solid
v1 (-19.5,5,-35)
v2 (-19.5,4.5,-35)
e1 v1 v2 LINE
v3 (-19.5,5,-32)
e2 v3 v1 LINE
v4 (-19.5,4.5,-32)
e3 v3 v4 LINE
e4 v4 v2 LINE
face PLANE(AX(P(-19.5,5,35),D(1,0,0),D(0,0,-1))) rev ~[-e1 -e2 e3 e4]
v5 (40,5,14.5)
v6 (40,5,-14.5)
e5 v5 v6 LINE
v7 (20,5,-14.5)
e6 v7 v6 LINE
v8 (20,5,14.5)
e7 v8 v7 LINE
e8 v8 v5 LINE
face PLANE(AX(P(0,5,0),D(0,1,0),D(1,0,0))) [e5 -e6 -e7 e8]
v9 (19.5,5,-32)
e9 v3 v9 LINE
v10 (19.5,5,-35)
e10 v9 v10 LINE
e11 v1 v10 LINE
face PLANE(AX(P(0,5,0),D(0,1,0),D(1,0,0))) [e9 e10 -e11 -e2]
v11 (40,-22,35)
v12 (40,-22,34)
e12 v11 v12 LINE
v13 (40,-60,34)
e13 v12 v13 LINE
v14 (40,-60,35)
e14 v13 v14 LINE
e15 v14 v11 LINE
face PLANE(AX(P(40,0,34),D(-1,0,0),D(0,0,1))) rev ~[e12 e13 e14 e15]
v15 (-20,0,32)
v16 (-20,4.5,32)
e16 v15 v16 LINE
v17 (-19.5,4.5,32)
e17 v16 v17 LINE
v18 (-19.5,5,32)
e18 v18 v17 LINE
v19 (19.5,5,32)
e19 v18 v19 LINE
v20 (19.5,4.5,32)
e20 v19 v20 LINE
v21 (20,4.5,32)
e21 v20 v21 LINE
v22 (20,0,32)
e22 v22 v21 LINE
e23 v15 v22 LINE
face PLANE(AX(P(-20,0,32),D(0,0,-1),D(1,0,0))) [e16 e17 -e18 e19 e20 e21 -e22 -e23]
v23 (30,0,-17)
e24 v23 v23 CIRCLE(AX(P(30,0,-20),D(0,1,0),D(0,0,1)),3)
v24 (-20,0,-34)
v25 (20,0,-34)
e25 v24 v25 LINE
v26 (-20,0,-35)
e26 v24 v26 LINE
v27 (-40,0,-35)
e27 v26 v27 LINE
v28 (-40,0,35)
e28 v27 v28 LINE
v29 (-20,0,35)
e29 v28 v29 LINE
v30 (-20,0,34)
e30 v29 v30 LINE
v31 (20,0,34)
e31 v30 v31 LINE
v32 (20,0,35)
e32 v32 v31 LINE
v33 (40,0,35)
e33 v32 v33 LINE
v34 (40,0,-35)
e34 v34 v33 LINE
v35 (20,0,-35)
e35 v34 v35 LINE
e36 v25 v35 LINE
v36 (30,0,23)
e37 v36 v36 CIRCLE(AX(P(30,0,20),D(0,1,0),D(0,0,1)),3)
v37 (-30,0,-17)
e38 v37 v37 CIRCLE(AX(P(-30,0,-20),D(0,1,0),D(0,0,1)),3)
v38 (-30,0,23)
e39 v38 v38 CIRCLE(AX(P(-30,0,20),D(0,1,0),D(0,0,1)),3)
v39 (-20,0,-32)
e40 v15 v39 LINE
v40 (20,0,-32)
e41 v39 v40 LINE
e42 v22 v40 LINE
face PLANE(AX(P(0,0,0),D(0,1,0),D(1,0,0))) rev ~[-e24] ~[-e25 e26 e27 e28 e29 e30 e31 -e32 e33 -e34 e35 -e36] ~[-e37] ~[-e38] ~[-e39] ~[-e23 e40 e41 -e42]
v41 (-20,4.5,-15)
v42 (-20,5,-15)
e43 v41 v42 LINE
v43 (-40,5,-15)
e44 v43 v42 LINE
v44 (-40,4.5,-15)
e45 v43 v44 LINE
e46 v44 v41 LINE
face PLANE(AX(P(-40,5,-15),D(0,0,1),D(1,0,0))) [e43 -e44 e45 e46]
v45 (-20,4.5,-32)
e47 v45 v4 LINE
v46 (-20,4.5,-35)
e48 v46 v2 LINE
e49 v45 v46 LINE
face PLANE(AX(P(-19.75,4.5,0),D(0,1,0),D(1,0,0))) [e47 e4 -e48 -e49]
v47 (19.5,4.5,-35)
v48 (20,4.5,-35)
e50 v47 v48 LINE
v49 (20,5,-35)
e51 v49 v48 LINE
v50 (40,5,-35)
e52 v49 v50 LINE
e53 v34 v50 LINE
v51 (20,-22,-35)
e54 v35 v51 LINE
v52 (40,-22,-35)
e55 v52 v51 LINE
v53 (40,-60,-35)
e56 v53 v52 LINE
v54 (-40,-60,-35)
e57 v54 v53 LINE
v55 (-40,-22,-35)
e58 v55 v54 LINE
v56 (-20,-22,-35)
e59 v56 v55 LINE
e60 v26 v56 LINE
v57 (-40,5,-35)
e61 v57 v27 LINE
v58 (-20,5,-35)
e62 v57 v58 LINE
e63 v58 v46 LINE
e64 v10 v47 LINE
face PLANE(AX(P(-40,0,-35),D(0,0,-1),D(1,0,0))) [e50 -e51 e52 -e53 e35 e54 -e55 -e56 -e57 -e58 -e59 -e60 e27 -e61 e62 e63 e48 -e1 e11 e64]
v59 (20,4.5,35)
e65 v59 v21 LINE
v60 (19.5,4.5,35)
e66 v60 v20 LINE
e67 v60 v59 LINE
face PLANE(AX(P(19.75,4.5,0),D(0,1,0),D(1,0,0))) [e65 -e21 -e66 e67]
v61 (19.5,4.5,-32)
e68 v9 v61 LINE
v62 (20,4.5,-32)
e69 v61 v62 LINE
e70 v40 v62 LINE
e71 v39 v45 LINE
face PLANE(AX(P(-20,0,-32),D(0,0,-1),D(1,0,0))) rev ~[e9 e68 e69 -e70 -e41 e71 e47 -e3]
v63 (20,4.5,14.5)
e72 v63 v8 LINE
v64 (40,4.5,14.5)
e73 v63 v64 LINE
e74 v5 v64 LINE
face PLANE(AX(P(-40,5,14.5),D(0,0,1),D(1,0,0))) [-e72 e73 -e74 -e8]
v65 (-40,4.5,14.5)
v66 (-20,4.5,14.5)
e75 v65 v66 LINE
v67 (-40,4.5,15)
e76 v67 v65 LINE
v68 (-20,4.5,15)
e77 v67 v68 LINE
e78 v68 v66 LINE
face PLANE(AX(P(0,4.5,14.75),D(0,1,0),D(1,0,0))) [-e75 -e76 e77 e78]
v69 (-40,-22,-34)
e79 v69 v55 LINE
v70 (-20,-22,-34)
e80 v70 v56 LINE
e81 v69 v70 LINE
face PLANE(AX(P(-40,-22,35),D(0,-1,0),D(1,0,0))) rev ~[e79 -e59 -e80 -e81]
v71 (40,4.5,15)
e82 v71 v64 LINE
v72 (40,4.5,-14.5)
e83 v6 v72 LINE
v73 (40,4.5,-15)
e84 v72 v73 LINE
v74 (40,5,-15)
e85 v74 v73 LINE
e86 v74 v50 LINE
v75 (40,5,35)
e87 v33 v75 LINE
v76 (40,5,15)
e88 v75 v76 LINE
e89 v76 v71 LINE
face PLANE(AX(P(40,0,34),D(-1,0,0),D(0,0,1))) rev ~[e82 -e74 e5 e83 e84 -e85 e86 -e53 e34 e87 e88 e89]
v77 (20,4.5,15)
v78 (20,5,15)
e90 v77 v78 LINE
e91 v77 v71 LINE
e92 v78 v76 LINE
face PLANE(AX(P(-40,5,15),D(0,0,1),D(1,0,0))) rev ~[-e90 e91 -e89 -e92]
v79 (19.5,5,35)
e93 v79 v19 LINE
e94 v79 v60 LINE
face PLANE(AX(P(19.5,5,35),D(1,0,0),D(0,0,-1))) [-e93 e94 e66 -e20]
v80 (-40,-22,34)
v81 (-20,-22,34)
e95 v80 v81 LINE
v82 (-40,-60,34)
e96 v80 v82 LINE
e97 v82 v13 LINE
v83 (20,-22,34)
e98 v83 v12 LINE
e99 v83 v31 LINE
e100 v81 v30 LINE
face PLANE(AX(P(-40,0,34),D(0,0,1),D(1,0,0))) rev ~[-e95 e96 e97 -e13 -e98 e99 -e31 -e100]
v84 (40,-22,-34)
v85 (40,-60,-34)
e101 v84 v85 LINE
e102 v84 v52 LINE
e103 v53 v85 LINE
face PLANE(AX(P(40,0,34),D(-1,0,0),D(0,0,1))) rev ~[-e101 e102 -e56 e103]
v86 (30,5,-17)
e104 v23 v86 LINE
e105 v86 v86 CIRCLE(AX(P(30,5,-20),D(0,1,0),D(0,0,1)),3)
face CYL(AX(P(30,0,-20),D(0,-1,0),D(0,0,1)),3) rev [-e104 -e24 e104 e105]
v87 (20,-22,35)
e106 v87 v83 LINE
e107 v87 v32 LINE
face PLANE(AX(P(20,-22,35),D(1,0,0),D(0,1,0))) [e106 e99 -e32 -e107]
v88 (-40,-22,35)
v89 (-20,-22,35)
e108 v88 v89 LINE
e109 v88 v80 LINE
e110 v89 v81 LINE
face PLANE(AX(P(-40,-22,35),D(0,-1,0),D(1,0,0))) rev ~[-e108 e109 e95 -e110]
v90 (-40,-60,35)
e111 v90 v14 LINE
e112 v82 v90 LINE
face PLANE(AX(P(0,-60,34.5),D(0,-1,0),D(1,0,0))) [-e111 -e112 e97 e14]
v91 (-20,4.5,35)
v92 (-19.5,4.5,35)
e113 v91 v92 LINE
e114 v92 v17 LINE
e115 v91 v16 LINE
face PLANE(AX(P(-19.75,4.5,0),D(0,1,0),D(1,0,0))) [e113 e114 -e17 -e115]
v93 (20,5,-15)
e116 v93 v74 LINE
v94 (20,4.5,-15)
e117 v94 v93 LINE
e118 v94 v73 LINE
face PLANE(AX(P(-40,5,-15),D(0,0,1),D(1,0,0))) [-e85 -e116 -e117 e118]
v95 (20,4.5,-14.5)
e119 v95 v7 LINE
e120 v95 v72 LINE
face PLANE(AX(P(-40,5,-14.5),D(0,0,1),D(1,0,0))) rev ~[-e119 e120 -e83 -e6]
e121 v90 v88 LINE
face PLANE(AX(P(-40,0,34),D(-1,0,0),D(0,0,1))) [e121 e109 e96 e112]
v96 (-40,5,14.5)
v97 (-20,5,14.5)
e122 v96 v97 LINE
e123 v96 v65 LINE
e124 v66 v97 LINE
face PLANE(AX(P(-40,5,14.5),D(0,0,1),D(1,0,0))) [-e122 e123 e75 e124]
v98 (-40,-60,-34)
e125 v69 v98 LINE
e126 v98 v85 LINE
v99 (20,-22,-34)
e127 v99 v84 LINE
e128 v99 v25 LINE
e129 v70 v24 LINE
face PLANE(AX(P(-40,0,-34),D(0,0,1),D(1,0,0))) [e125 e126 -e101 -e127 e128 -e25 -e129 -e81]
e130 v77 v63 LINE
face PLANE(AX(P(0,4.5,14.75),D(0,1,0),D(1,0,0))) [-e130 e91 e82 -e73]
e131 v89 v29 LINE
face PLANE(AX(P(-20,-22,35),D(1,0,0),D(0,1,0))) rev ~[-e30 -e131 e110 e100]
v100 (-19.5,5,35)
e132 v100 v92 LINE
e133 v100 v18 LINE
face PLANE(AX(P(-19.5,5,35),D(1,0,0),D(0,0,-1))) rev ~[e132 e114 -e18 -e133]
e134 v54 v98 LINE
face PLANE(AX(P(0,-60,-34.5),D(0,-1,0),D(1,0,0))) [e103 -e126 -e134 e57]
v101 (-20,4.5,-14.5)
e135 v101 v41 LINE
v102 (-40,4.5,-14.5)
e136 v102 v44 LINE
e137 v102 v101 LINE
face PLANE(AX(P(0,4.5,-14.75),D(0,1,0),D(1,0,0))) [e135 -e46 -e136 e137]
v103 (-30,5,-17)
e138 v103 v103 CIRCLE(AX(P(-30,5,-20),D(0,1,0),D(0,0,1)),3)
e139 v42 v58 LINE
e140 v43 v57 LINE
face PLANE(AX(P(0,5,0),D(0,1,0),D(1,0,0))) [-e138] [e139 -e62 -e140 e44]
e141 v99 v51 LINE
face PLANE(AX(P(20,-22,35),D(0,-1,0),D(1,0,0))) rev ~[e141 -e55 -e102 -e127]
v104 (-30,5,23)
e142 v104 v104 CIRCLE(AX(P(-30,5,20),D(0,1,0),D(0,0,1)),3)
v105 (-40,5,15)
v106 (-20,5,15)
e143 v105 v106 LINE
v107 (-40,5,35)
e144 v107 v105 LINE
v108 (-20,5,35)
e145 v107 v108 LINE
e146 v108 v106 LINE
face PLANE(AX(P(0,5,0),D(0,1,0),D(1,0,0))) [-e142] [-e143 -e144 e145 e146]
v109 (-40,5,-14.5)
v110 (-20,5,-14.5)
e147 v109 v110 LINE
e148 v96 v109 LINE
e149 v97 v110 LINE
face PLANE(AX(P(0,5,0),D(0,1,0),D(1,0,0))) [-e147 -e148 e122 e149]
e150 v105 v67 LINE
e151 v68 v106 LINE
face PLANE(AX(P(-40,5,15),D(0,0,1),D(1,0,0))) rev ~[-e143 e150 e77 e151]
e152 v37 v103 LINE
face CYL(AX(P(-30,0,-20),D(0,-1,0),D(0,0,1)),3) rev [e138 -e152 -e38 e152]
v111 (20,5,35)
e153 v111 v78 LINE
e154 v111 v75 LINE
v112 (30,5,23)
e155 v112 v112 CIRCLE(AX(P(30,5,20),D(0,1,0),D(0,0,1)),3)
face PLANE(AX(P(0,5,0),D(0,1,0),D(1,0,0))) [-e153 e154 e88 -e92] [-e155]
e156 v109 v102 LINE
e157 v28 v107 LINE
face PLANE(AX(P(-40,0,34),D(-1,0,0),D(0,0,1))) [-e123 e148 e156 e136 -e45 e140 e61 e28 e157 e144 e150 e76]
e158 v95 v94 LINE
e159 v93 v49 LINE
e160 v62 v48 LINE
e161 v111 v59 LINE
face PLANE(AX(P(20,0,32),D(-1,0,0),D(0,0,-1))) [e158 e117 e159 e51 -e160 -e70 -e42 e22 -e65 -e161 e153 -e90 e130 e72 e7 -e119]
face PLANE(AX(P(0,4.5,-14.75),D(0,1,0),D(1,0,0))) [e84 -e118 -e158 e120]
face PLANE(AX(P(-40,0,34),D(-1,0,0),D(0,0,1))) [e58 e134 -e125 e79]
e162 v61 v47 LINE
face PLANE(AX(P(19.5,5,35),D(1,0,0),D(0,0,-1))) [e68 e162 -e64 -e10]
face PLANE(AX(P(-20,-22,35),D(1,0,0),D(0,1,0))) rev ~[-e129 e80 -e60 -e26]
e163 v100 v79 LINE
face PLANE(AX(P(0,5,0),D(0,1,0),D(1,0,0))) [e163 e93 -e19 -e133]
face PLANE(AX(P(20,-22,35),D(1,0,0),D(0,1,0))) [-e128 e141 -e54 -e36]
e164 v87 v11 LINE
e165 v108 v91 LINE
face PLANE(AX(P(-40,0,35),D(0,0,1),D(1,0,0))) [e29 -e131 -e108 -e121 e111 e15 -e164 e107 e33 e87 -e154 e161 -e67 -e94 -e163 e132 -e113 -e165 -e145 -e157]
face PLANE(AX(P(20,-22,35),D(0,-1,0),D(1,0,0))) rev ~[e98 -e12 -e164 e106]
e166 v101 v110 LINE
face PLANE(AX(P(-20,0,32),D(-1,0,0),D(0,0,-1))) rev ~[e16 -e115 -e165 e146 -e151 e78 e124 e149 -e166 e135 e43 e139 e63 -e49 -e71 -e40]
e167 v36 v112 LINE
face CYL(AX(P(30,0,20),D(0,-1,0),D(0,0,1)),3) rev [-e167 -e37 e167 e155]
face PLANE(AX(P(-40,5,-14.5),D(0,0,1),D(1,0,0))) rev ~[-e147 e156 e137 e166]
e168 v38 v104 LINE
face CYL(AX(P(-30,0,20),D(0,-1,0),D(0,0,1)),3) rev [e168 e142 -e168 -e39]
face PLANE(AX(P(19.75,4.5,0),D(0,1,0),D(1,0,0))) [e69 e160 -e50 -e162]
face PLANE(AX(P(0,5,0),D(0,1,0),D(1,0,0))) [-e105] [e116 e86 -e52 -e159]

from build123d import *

# Parameters (mm, degrees)
SKETCH_1_W          = 80
SKETCH_1_H          = 70
SKETCH_1_R          = 3
SKETCH_1_W_2        = 40
SKETCH_1_H_2        = 64
EXTRUDE_1_DEPTH     = 5
SKETCH_2_W          = 80
SKETCH_2_H          = 1
EXTRUDE_2_DEPTH     = 60
SKETCH_3_W          = 20
SKETCH_3_H          = 22
CUT_EXTRUDE_1_DEPTH = 101.498756211
SKETCH_5_W          = 0.5
SKETCH_5_H          = 70
CUT_EXTRUDE_2_DEPTH = 0.5
SKETCH_6_W          = 80
SKETCH_6_H          = 0.5
CUT_EXTRUDE_3_DEPTH = 0.5


with BuildPart() as part:
    # 草图1 → 凸台-拉伸1 (new body)
    with BuildSketch(Plane(origin=(0, 0, 0), x_dir=(1, 0, 0), z_dir=(0, 1, 0))):
        Rectangle(SKETCH_1_W, SKETCH_1_H)
        with Locations(Location((-30, 20, 0), (0, 0, 270))):
            Circle(SKETCH_1_R, mode=Mode.SUBTRACT)
        with Locations(Location((-30, -20, 0), (0, 0, 270))):
            Circle(SKETCH_1_R, mode=Mode.SUBTRACT)
        with Locations(Location((30, -20, 0), (0, 0, 270))):
            Circle(SKETCH_1_R, mode=Mode.SUBTRACT)
        with Locations(Location((30, 20, 0), (0, 0, 270))):
            Circle(SKETCH_1_R, mode=Mode.SUBTRACT)
        Rectangle(SKETCH_1_W_2, SKETCH_1_H_2, mode=Mode.SUBTRACT)
    extrude(amount=EXTRUDE_1_DEPTH)

    # 草图2 → 凸台-拉伸2 (add)
    with BuildSketch(Plane.XZ):
        with Locations((0, 34.5)):
            Rectangle(SKETCH_2_W, SKETCH_2_H)
        with Locations((0, -34.5)):
            Rectangle(SKETCH_2_W, SKETCH_2_H)
    extrude(amount=EXTRUDE_2_DEPTH)

    # 草图3 → 切除-拉伸1 (cut, through all)
    with BuildSketch(Plane.XY.offset(35)):
        with Locations((30, -11)):
            Rectangle(SKETCH_3_W, SKETCH_3_H)
        with Locations((-30, -11)):
            Rectangle(SKETCH_3_W, SKETCH_3_H)
    extrude(amount=-CUT_EXTRUDE_1_DEPTH, mode=Mode.SUBTRACT)

    # 草图5 → 切除-拉伸2 (cut)
    with BuildSketch(Plane(origin=(0, 5, 0), x_dir=(1, 0, 0), z_dir=(0, 1, 0))):
        with Locations((-19.75, 0)):
            Rectangle(SKETCH_5_W, SKETCH_5_H)
        with Locations((19.75, 0)):
            Rectangle(SKETCH_5_W, SKETCH_5_H)
    extrude(amount=-CUT_EXTRUDE_2_DEPTH, mode=Mode.SUBTRACT)

    # 草图6 → 切除-拉伸3 (cut)
    with BuildSketch(Plane(origin=(0, 5, 0), x_dir=(1, 0, 0), z_dir=(0, 1, 0))):
        with Locations((0, -14.75)):
            Rectangle(SKETCH_6_W, SKETCH_6_H)
        with Locations((0, 14.75)):
            Rectangle(SKETCH_6_W, SKETCH_6_H)
    extrude(amount=-CUT_EXTRUDE_3_DEPTH, mode=Mode.SUBTRACT)


solid = part.part
